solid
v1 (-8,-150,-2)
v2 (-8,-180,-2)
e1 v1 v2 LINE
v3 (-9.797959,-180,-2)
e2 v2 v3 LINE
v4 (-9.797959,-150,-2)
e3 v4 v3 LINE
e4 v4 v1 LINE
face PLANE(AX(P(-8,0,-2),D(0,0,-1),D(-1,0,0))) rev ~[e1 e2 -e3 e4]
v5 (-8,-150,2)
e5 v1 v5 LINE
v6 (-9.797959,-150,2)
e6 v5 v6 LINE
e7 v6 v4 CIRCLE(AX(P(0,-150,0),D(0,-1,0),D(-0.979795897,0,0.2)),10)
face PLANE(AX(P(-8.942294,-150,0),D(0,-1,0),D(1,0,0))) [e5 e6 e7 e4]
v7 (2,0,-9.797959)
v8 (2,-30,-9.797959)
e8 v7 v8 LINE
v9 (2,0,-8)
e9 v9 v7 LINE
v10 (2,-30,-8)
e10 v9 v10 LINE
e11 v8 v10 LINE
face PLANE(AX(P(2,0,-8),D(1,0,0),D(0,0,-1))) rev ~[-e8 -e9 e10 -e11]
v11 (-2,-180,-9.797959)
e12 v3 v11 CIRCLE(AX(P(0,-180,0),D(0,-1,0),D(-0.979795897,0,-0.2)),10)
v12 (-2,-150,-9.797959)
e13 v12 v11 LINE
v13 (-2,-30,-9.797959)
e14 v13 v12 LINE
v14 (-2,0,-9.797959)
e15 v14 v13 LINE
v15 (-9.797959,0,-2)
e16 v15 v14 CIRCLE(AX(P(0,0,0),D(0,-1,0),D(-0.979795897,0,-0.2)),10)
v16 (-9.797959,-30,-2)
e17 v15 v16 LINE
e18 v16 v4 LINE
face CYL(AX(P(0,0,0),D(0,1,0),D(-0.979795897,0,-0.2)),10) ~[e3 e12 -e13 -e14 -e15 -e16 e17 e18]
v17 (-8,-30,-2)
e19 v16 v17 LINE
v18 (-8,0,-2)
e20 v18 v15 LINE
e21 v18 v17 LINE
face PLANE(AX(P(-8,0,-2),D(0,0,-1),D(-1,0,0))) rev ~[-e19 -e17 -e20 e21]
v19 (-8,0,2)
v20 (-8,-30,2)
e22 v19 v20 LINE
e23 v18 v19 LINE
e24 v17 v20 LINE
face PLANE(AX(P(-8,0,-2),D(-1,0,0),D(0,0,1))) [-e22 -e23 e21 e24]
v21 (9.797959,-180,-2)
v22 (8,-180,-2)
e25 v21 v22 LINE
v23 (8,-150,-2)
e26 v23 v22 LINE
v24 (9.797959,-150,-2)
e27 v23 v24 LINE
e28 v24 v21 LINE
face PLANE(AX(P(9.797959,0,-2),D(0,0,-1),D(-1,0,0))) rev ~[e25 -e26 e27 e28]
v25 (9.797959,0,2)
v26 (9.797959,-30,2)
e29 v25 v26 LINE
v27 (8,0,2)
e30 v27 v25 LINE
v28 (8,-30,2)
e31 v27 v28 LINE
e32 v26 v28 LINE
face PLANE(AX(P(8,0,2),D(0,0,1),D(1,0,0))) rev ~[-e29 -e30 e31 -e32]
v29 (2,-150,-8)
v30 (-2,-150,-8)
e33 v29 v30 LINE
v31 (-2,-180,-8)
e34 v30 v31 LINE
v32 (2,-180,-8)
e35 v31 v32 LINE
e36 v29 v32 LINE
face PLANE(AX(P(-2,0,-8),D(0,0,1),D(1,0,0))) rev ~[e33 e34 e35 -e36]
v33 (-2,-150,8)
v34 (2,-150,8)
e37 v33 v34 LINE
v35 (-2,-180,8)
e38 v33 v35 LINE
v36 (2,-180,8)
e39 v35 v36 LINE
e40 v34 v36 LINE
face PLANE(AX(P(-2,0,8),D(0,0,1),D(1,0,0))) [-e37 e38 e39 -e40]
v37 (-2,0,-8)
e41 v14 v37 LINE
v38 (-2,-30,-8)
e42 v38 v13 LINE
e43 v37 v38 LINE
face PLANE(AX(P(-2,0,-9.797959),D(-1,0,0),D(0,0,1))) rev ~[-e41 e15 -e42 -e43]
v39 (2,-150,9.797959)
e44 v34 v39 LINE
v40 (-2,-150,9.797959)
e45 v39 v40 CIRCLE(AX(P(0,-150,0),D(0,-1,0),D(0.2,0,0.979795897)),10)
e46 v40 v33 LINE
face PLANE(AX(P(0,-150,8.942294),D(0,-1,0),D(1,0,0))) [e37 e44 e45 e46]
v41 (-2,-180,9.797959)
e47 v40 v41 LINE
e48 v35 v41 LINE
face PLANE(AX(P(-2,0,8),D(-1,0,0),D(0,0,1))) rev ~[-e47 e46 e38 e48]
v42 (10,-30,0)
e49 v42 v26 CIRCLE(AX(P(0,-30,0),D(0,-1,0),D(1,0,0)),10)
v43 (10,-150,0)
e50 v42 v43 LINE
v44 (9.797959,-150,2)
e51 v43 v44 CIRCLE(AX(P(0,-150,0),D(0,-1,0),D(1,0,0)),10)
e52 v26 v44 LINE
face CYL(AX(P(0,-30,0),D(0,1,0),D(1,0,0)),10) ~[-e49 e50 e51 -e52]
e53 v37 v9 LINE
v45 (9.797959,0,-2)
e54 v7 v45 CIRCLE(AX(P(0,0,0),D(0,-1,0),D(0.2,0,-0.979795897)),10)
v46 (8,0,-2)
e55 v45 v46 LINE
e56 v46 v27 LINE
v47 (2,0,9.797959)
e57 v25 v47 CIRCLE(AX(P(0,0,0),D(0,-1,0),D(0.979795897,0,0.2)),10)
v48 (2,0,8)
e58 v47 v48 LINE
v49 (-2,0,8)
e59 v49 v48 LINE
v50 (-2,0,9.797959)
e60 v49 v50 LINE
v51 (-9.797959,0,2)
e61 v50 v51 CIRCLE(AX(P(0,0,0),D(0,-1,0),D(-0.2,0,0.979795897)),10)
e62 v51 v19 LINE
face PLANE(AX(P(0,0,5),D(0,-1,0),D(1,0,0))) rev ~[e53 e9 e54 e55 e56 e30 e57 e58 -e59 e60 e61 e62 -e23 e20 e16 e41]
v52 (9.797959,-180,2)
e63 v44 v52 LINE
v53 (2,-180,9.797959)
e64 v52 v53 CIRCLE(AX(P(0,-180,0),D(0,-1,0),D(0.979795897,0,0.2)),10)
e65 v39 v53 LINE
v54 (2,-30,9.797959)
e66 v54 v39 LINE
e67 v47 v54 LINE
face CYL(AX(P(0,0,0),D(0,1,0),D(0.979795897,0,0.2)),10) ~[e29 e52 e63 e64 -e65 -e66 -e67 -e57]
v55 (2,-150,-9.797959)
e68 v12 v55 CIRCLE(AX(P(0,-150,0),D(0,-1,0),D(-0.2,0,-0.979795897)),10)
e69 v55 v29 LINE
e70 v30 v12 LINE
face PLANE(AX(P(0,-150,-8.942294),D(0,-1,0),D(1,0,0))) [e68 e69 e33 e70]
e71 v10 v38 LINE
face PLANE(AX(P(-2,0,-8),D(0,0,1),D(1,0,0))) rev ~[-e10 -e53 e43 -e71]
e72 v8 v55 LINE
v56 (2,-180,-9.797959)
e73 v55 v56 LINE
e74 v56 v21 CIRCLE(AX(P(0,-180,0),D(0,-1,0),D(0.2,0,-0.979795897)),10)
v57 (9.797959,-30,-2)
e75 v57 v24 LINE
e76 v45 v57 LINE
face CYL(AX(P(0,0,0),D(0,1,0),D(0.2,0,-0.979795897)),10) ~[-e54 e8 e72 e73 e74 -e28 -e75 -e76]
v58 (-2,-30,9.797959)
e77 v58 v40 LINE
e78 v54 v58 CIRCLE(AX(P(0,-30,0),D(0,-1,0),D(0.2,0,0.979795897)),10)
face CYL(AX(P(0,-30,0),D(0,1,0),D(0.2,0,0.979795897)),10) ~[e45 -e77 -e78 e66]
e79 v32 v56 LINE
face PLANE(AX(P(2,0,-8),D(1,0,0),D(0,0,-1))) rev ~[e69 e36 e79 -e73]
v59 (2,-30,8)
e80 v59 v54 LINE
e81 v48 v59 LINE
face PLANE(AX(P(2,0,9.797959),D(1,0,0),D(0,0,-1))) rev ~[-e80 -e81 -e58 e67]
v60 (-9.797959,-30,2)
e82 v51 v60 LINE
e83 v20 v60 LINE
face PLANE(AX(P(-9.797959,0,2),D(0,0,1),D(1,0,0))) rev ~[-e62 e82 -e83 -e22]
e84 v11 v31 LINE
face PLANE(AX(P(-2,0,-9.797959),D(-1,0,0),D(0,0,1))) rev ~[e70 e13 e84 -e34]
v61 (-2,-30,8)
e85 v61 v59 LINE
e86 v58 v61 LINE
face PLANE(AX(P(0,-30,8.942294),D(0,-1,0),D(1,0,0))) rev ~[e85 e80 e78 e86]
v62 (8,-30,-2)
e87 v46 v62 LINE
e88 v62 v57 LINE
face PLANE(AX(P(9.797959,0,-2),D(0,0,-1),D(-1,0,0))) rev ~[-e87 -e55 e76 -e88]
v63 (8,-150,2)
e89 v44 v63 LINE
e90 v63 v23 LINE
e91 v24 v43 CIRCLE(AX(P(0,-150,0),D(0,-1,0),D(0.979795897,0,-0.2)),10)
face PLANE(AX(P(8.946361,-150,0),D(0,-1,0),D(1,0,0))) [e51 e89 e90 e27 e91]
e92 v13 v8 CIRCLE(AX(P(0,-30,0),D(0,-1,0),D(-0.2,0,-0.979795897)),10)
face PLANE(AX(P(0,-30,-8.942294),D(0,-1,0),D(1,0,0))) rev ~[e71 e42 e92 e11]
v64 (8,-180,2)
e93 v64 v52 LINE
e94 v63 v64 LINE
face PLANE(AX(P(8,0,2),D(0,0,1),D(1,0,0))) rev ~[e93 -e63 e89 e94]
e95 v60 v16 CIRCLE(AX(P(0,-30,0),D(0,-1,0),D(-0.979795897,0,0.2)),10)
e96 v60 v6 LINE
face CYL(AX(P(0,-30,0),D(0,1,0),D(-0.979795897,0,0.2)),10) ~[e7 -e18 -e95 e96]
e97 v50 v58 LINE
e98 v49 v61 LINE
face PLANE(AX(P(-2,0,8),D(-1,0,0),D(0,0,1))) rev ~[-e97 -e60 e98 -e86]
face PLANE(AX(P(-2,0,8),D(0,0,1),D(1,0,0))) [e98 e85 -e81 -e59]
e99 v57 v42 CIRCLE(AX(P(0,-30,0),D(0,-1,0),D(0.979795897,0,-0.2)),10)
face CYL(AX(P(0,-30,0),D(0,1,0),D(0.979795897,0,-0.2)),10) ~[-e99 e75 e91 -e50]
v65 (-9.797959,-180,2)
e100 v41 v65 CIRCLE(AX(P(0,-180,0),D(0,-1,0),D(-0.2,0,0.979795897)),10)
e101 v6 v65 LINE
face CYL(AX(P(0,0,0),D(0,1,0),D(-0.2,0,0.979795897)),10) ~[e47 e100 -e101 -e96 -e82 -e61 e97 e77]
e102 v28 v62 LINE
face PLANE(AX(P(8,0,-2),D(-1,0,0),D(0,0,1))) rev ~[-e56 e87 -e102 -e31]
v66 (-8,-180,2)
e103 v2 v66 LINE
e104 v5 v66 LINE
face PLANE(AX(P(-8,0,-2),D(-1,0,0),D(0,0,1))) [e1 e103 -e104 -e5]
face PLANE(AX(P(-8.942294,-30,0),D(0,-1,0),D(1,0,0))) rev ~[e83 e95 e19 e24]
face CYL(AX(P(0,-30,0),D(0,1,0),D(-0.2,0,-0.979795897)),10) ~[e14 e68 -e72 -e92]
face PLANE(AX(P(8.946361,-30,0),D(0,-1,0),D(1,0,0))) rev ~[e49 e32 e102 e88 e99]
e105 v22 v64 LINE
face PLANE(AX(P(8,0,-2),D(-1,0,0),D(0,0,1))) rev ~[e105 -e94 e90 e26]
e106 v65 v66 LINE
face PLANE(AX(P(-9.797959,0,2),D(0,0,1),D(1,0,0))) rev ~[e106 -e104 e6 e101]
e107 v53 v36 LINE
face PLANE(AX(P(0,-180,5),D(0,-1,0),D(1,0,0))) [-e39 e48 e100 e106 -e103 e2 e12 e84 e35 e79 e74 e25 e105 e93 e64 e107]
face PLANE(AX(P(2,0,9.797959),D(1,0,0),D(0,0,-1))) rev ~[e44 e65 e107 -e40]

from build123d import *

# Parameters (mm, degrees)
F0_W     = 4
F0_H     = 6
F0_W_2   = 6
F0_H_2   = 4
F1_DEPTH = 180
F2_START = 30
F2_DEPTH = 120


with BuildPart() as f1:
    # F0 (on Front) → F1 (new body)
    with BuildSketch(Plane.XZ):
        with Locations((0, 5)):
            Rectangle(F0_W, F0_H)
        with BuildLine():
            Line((8, 2), (9.7979589711, 2))
            ThreePointArc((9.7979589711, 2), (7.0710678119, 7.0710678119), (2, 9.7979589711))
            Line((2, 9.7979589711), (2, 8))
            Line((2, 8), (2, 2))
            Line((2, 2), (8, 2))
        make_face()
        with Locations((5, 0)):
            Rectangle(F0_W_2, F0_H_2)
        with BuildLine():
            ThreePointArc((2, -9.7979589711), (7.0710678119, -7.0710678119), (9.7979589711, -2))
            Line((9.7979589711, -2), (8, -2))
            Line((8, -2), (2, -2))
            Line((2, -2), (2, -8))
            Line((2, -8), (2, -9.7979589711))
        make_face()
        with Locations((0, -5)):
            Rectangle(F0_W, F0_H)
        with Locations((-5, 0)):
            Rectangle(F0_W_2, F0_H_2)
        Rectangle(F0_W, F0_H_2)
        with BuildLine():
            Line((-2, 8), (-2, 9.7979589711))
            ThreePointArc((-2, 9.7979589711), (-7.0710678119, 7.0710678119), (-9.7979589711, 2))
            Line((-9.7979589711, 2), (-8, 2))
            Line((-8, 2), (-2, 2))
            Line((-2, 2), (-2, 8))
        make_face()
        with BuildLine():
            ThreePointArc((-9.7979589711, -2), (-7.0710678119, -7.0710678119), (-2, -9.7979589711))
            Line((-2, -9.7979589711), (-2, -8))
            Line((-2, -8), (-2, -2))
            Line((-2, -2), (-8, -2))
            Line((-8, -2), (-9.7979589711, -2))
        make_face()
    extrude(amount=F1_DEPTH)

    # F0 (on Front) → F2 (join)
    with BuildSketch(Plane.XZ.offset(F2_START)):
        with BuildLine():
            Line((2, 8), (2, 9.7979589711))
            ThreePointArc((2, 9.7979589711), (0, 10), (-2, 9.7979589711))
            Line((-2, 9.7979589711), (-2, 8))
            Line((-2, 8), (2, 8))
        make_face()
        with BuildLine():
            Line((-8, 2), (-9.7979589711, 2))
            ThreePointArc((-9.7979589711, 2), (-10, 0), (-9.7979589711, -2))
            Line((-9.7979589711, -2), (-8, -2))
            Line((-8, -2), (-8, 2))
        make_face()
        with BuildLine():
            ThreePointArc((-2, -9.7979589711), (0, -10), (2, -9.7979589711))
            Line((2, -9.7979589711), (2, -8))
            Line((2, -8), (-2, -8))
            Line((-2, -8), (-2, -9.7979589711))
        make_face()
        with BuildLine():
            ThreePointArc((9.7979589711, -2), (9.9493615301, -1.0050896201), (10, 0))
            ThreePointArc((10, 0), (9.9493615301, 1.0050896201), (9.7979589711, 2))
            Line((9.7979589711, 2), (8, 2))
            Line((8, 2), (8, -2))
            Line((8, -2), (9.7979589711, -2))
        make_face()
    extrude(amount=F2_DEPTH)


solid = f1.part
